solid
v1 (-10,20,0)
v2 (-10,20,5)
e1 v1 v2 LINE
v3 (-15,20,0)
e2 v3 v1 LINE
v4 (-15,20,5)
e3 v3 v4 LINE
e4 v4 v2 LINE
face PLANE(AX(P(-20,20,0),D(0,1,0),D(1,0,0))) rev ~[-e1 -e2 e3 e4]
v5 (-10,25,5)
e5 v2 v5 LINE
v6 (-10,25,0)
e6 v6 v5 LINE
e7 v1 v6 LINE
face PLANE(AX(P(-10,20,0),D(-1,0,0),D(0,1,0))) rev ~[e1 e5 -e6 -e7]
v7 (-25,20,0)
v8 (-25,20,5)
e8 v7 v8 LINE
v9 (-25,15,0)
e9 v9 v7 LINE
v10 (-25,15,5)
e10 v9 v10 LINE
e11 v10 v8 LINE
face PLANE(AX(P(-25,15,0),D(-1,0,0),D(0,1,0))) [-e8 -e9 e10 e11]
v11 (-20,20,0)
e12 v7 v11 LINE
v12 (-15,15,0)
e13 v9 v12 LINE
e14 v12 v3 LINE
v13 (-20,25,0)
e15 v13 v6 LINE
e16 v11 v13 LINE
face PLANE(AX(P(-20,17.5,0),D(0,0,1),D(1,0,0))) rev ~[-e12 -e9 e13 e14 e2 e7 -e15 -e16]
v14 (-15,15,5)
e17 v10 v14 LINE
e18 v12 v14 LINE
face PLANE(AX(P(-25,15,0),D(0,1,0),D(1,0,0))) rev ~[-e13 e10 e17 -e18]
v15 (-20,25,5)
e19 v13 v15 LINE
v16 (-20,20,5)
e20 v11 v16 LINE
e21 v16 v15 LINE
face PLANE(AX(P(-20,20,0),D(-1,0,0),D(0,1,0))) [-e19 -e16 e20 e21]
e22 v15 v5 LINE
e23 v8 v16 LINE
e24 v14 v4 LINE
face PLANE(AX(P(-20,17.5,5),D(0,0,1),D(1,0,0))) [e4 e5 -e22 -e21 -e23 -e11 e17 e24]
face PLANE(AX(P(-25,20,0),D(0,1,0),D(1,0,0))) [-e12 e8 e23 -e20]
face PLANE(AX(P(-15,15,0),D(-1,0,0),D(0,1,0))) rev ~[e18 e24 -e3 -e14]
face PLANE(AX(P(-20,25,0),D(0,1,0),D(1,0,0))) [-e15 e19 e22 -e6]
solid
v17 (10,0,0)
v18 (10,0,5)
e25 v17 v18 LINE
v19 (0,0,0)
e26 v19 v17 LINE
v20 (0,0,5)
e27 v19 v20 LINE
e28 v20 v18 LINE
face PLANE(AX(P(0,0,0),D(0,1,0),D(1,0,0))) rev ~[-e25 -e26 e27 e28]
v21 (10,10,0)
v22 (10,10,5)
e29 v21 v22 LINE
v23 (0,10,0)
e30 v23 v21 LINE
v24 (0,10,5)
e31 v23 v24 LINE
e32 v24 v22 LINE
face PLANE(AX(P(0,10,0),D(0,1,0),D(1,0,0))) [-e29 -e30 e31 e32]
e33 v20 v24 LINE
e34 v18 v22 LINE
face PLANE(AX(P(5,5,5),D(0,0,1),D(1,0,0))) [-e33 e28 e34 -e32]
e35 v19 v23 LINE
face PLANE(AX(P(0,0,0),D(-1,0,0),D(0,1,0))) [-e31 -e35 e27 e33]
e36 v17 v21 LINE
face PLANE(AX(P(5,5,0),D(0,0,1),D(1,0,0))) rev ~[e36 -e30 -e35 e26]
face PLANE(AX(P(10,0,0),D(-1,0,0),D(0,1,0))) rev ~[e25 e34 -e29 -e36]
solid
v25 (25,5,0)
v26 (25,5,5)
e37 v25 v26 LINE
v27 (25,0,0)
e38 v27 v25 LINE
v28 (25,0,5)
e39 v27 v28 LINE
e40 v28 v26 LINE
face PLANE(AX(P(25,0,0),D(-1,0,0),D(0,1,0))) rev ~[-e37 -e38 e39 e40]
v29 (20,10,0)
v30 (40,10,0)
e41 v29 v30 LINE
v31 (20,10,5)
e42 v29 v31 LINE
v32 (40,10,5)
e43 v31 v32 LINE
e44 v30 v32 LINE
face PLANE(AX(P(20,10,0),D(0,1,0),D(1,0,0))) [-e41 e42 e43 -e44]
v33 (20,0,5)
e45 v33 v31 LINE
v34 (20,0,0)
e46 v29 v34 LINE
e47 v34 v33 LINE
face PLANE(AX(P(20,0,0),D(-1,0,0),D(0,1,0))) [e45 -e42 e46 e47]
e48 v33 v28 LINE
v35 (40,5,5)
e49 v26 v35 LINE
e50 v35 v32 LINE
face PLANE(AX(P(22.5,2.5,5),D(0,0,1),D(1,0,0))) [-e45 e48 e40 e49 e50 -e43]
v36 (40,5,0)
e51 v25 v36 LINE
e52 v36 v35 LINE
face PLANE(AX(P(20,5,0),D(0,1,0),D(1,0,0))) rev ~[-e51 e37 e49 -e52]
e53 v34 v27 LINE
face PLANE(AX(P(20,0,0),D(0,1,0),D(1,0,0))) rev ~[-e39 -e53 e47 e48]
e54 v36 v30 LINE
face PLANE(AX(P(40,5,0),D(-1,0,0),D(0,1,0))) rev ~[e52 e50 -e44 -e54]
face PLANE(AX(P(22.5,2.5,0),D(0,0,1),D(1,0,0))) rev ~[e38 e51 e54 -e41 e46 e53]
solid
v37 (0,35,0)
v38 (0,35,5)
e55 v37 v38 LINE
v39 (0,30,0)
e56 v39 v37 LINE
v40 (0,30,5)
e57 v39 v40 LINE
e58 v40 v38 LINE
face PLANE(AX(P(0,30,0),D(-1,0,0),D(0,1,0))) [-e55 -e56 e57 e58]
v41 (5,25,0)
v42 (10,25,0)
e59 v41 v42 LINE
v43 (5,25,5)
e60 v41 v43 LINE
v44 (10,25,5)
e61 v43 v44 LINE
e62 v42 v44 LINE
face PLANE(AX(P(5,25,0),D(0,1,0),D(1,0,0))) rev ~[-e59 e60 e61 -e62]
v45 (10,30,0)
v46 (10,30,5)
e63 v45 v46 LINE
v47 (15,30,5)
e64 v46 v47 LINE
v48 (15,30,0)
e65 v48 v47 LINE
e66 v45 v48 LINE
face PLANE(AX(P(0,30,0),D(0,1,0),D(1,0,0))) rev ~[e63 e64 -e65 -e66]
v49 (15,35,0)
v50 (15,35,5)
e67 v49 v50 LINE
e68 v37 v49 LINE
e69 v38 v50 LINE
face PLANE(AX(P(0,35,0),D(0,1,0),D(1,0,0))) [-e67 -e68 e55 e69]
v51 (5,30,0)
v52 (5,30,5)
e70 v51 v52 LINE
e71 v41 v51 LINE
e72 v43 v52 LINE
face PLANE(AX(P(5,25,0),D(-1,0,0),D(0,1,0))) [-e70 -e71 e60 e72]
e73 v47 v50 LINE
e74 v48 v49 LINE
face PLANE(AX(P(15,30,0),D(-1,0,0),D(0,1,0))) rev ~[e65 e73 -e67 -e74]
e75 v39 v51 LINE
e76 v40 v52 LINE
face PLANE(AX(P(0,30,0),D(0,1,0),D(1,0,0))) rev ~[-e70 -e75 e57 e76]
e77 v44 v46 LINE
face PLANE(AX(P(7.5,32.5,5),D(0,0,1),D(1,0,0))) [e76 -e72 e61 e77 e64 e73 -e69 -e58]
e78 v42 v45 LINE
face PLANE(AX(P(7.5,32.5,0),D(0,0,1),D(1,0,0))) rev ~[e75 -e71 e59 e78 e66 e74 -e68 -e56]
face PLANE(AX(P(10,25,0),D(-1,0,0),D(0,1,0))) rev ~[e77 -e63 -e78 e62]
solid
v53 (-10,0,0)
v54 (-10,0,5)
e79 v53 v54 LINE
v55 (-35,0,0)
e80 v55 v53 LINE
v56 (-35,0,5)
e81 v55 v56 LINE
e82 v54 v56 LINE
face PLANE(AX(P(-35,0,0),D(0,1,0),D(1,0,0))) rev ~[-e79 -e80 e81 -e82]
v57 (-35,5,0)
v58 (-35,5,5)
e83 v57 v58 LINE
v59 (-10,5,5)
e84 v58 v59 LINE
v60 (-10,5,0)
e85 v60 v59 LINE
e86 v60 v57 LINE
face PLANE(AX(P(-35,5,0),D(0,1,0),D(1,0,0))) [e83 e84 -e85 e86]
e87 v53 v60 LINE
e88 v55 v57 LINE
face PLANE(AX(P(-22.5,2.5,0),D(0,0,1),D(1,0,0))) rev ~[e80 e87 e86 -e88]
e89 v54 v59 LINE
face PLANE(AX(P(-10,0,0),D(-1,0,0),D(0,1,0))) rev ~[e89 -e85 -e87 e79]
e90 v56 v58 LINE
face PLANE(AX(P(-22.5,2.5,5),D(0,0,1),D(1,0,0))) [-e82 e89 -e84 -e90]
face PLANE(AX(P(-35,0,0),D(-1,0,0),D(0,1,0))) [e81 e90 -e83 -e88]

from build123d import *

# Parameters (mm, degrees)
BOX_W        = 10
BOX_H        = 10
BOX_DEPTH    = 5
BOX004_W     = 5
BOX004_H     = 5
BOX004_DEPTH = 5
BOX003_W     = 20
BOX003_H     = 5
BOX003_DEPTH = 5
BOX005_W     = 15
BOX005_H     = 5
BOX005_DEPTH = 5
BOX006_W     = 5
BOX006_H     = 5
BOX006_DEPTH = 5
BOX002_W     = 20
BOX002_H     = 5
BOX002_DEPTH = 5
BOX001_W     = 25
BOX001_H     = 5
BOX001_DEPTH = 5
BOX007_W     = 10
BOX007_H     = 5
BOX007_DEPTH = 5
BOX008_W     = 10
BOX008_H     = 5
BOX008_DEPTH = 5


with BuildPart() as cub:
    # Box → Box (new body)
    with BuildSketch(Plane.XY):
        with Locations((5, 5)):
            Rectangle(BOX_W, BOX_H)
    extrude(amount=BOX_DEPTH)


with BuildPart() as cub004:
    # Box004 → Box004 (new body)
    with BuildSketch(Plane(origin=(20, 0, 0), x_dir=(1, 0, 0), z_dir=(0, 0, 1))):
        with Locations((2.5, 2.5)):
            Rectangle(BOX004_W, BOX004_H)
    extrude(amount=BOX004_DEPTH)


with BuildPart() as fusion:
    # Box003 → Box003 (new body)
    with BuildSketch(Plane(origin=(20, 5, 0), x_dir=(1, 0, 0), z_dir=(0, 0, 1))):
        with Locations((10, 2.5)):
            Rectangle(BOX003_W, BOX003_H)
    extrude(amount=BOX003_DEPTH)

    # Fusion: union Cub004
    add(cub004.part)


with BuildPart() as cub005:
    # Box005 → Box005 (new body)
    with BuildSketch(Plane(origin=(0, 30, 0), x_dir=(1, 0, 0), z_dir=(0, 0, 1))):
        with Locations((7.5, 2.5)):
            Rectangle(BOX005_W, BOX005_H)
    extrude(amount=BOX005_DEPTH)


with BuildPart() as fusion001:
    # Box006 → Box006 (new body)
    with BuildSketch(Plane(origin=(5, 25, 0), x_dir=(1, 0, 0), z_dir=(0, 0, 1))):
        with Locations((2.5, 2.5)):
            Rectangle(BOX006_W, BOX006_H)
    extrude(amount=BOX006_DEPTH)

    # Fusion001: union Cub005
    add(cub005.part)


with BuildPart() as cub002:
    # Box002 → Box002 (new body)
    with BuildSketch(Plane(origin=(-35, 0, 0), x_dir=(1, 0, 0), z_dir=(0, 0, 1))):
        with Locations((10, 2.5)):
            Rectangle(BOX002_W, BOX002_H)
    extrude(amount=BOX002_DEPTH)


with BuildPart() as fusion002:
    # Box001 → Box001 (new body)
    with BuildSketch(Plane(origin=(-35, 0, 0), x_dir=(1, 0, 0), z_dir=(0, 0, 1))):
        with Locations((12.5, 2.5)):
            Rectangle(BOX001_W, BOX001_H)
    extrude(amount=BOX001_DEPTH)

    # Fusion002: union Cub002
    add(cub002.part)


with BuildPart() as cub007:
    # Box007 → Box007 (new body)
    with BuildSketch(Plane(origin=(-25, 15, 0), x_dir=(1, 0, 0), z_dir=(0, 0, 1))):
        with Locations((5, 2.5)):
            Rectangle(BOX007_W, BOX007_H)
    extrude(amount=BOX007_DEPTH)


with BuildPart() as fusion003:
    # Box008 → Box008 (new body)
    with BuildSketch(Plane(origin=(-20, 20, 0), x_dir=(1, 0, 0), z_dir=(0, 0, 1))):
        with Locations((5, 2.5)):
            Rectangle(BOX008_W, BOX008_H)
    extrude(amount=BOX008_DEPTH)

    # Fusion003: union Cub007
    add(cub007.part)


solid = Compound([cub.part, fusion.part, fusion001.part, fusion002.part, fusion003.part])
